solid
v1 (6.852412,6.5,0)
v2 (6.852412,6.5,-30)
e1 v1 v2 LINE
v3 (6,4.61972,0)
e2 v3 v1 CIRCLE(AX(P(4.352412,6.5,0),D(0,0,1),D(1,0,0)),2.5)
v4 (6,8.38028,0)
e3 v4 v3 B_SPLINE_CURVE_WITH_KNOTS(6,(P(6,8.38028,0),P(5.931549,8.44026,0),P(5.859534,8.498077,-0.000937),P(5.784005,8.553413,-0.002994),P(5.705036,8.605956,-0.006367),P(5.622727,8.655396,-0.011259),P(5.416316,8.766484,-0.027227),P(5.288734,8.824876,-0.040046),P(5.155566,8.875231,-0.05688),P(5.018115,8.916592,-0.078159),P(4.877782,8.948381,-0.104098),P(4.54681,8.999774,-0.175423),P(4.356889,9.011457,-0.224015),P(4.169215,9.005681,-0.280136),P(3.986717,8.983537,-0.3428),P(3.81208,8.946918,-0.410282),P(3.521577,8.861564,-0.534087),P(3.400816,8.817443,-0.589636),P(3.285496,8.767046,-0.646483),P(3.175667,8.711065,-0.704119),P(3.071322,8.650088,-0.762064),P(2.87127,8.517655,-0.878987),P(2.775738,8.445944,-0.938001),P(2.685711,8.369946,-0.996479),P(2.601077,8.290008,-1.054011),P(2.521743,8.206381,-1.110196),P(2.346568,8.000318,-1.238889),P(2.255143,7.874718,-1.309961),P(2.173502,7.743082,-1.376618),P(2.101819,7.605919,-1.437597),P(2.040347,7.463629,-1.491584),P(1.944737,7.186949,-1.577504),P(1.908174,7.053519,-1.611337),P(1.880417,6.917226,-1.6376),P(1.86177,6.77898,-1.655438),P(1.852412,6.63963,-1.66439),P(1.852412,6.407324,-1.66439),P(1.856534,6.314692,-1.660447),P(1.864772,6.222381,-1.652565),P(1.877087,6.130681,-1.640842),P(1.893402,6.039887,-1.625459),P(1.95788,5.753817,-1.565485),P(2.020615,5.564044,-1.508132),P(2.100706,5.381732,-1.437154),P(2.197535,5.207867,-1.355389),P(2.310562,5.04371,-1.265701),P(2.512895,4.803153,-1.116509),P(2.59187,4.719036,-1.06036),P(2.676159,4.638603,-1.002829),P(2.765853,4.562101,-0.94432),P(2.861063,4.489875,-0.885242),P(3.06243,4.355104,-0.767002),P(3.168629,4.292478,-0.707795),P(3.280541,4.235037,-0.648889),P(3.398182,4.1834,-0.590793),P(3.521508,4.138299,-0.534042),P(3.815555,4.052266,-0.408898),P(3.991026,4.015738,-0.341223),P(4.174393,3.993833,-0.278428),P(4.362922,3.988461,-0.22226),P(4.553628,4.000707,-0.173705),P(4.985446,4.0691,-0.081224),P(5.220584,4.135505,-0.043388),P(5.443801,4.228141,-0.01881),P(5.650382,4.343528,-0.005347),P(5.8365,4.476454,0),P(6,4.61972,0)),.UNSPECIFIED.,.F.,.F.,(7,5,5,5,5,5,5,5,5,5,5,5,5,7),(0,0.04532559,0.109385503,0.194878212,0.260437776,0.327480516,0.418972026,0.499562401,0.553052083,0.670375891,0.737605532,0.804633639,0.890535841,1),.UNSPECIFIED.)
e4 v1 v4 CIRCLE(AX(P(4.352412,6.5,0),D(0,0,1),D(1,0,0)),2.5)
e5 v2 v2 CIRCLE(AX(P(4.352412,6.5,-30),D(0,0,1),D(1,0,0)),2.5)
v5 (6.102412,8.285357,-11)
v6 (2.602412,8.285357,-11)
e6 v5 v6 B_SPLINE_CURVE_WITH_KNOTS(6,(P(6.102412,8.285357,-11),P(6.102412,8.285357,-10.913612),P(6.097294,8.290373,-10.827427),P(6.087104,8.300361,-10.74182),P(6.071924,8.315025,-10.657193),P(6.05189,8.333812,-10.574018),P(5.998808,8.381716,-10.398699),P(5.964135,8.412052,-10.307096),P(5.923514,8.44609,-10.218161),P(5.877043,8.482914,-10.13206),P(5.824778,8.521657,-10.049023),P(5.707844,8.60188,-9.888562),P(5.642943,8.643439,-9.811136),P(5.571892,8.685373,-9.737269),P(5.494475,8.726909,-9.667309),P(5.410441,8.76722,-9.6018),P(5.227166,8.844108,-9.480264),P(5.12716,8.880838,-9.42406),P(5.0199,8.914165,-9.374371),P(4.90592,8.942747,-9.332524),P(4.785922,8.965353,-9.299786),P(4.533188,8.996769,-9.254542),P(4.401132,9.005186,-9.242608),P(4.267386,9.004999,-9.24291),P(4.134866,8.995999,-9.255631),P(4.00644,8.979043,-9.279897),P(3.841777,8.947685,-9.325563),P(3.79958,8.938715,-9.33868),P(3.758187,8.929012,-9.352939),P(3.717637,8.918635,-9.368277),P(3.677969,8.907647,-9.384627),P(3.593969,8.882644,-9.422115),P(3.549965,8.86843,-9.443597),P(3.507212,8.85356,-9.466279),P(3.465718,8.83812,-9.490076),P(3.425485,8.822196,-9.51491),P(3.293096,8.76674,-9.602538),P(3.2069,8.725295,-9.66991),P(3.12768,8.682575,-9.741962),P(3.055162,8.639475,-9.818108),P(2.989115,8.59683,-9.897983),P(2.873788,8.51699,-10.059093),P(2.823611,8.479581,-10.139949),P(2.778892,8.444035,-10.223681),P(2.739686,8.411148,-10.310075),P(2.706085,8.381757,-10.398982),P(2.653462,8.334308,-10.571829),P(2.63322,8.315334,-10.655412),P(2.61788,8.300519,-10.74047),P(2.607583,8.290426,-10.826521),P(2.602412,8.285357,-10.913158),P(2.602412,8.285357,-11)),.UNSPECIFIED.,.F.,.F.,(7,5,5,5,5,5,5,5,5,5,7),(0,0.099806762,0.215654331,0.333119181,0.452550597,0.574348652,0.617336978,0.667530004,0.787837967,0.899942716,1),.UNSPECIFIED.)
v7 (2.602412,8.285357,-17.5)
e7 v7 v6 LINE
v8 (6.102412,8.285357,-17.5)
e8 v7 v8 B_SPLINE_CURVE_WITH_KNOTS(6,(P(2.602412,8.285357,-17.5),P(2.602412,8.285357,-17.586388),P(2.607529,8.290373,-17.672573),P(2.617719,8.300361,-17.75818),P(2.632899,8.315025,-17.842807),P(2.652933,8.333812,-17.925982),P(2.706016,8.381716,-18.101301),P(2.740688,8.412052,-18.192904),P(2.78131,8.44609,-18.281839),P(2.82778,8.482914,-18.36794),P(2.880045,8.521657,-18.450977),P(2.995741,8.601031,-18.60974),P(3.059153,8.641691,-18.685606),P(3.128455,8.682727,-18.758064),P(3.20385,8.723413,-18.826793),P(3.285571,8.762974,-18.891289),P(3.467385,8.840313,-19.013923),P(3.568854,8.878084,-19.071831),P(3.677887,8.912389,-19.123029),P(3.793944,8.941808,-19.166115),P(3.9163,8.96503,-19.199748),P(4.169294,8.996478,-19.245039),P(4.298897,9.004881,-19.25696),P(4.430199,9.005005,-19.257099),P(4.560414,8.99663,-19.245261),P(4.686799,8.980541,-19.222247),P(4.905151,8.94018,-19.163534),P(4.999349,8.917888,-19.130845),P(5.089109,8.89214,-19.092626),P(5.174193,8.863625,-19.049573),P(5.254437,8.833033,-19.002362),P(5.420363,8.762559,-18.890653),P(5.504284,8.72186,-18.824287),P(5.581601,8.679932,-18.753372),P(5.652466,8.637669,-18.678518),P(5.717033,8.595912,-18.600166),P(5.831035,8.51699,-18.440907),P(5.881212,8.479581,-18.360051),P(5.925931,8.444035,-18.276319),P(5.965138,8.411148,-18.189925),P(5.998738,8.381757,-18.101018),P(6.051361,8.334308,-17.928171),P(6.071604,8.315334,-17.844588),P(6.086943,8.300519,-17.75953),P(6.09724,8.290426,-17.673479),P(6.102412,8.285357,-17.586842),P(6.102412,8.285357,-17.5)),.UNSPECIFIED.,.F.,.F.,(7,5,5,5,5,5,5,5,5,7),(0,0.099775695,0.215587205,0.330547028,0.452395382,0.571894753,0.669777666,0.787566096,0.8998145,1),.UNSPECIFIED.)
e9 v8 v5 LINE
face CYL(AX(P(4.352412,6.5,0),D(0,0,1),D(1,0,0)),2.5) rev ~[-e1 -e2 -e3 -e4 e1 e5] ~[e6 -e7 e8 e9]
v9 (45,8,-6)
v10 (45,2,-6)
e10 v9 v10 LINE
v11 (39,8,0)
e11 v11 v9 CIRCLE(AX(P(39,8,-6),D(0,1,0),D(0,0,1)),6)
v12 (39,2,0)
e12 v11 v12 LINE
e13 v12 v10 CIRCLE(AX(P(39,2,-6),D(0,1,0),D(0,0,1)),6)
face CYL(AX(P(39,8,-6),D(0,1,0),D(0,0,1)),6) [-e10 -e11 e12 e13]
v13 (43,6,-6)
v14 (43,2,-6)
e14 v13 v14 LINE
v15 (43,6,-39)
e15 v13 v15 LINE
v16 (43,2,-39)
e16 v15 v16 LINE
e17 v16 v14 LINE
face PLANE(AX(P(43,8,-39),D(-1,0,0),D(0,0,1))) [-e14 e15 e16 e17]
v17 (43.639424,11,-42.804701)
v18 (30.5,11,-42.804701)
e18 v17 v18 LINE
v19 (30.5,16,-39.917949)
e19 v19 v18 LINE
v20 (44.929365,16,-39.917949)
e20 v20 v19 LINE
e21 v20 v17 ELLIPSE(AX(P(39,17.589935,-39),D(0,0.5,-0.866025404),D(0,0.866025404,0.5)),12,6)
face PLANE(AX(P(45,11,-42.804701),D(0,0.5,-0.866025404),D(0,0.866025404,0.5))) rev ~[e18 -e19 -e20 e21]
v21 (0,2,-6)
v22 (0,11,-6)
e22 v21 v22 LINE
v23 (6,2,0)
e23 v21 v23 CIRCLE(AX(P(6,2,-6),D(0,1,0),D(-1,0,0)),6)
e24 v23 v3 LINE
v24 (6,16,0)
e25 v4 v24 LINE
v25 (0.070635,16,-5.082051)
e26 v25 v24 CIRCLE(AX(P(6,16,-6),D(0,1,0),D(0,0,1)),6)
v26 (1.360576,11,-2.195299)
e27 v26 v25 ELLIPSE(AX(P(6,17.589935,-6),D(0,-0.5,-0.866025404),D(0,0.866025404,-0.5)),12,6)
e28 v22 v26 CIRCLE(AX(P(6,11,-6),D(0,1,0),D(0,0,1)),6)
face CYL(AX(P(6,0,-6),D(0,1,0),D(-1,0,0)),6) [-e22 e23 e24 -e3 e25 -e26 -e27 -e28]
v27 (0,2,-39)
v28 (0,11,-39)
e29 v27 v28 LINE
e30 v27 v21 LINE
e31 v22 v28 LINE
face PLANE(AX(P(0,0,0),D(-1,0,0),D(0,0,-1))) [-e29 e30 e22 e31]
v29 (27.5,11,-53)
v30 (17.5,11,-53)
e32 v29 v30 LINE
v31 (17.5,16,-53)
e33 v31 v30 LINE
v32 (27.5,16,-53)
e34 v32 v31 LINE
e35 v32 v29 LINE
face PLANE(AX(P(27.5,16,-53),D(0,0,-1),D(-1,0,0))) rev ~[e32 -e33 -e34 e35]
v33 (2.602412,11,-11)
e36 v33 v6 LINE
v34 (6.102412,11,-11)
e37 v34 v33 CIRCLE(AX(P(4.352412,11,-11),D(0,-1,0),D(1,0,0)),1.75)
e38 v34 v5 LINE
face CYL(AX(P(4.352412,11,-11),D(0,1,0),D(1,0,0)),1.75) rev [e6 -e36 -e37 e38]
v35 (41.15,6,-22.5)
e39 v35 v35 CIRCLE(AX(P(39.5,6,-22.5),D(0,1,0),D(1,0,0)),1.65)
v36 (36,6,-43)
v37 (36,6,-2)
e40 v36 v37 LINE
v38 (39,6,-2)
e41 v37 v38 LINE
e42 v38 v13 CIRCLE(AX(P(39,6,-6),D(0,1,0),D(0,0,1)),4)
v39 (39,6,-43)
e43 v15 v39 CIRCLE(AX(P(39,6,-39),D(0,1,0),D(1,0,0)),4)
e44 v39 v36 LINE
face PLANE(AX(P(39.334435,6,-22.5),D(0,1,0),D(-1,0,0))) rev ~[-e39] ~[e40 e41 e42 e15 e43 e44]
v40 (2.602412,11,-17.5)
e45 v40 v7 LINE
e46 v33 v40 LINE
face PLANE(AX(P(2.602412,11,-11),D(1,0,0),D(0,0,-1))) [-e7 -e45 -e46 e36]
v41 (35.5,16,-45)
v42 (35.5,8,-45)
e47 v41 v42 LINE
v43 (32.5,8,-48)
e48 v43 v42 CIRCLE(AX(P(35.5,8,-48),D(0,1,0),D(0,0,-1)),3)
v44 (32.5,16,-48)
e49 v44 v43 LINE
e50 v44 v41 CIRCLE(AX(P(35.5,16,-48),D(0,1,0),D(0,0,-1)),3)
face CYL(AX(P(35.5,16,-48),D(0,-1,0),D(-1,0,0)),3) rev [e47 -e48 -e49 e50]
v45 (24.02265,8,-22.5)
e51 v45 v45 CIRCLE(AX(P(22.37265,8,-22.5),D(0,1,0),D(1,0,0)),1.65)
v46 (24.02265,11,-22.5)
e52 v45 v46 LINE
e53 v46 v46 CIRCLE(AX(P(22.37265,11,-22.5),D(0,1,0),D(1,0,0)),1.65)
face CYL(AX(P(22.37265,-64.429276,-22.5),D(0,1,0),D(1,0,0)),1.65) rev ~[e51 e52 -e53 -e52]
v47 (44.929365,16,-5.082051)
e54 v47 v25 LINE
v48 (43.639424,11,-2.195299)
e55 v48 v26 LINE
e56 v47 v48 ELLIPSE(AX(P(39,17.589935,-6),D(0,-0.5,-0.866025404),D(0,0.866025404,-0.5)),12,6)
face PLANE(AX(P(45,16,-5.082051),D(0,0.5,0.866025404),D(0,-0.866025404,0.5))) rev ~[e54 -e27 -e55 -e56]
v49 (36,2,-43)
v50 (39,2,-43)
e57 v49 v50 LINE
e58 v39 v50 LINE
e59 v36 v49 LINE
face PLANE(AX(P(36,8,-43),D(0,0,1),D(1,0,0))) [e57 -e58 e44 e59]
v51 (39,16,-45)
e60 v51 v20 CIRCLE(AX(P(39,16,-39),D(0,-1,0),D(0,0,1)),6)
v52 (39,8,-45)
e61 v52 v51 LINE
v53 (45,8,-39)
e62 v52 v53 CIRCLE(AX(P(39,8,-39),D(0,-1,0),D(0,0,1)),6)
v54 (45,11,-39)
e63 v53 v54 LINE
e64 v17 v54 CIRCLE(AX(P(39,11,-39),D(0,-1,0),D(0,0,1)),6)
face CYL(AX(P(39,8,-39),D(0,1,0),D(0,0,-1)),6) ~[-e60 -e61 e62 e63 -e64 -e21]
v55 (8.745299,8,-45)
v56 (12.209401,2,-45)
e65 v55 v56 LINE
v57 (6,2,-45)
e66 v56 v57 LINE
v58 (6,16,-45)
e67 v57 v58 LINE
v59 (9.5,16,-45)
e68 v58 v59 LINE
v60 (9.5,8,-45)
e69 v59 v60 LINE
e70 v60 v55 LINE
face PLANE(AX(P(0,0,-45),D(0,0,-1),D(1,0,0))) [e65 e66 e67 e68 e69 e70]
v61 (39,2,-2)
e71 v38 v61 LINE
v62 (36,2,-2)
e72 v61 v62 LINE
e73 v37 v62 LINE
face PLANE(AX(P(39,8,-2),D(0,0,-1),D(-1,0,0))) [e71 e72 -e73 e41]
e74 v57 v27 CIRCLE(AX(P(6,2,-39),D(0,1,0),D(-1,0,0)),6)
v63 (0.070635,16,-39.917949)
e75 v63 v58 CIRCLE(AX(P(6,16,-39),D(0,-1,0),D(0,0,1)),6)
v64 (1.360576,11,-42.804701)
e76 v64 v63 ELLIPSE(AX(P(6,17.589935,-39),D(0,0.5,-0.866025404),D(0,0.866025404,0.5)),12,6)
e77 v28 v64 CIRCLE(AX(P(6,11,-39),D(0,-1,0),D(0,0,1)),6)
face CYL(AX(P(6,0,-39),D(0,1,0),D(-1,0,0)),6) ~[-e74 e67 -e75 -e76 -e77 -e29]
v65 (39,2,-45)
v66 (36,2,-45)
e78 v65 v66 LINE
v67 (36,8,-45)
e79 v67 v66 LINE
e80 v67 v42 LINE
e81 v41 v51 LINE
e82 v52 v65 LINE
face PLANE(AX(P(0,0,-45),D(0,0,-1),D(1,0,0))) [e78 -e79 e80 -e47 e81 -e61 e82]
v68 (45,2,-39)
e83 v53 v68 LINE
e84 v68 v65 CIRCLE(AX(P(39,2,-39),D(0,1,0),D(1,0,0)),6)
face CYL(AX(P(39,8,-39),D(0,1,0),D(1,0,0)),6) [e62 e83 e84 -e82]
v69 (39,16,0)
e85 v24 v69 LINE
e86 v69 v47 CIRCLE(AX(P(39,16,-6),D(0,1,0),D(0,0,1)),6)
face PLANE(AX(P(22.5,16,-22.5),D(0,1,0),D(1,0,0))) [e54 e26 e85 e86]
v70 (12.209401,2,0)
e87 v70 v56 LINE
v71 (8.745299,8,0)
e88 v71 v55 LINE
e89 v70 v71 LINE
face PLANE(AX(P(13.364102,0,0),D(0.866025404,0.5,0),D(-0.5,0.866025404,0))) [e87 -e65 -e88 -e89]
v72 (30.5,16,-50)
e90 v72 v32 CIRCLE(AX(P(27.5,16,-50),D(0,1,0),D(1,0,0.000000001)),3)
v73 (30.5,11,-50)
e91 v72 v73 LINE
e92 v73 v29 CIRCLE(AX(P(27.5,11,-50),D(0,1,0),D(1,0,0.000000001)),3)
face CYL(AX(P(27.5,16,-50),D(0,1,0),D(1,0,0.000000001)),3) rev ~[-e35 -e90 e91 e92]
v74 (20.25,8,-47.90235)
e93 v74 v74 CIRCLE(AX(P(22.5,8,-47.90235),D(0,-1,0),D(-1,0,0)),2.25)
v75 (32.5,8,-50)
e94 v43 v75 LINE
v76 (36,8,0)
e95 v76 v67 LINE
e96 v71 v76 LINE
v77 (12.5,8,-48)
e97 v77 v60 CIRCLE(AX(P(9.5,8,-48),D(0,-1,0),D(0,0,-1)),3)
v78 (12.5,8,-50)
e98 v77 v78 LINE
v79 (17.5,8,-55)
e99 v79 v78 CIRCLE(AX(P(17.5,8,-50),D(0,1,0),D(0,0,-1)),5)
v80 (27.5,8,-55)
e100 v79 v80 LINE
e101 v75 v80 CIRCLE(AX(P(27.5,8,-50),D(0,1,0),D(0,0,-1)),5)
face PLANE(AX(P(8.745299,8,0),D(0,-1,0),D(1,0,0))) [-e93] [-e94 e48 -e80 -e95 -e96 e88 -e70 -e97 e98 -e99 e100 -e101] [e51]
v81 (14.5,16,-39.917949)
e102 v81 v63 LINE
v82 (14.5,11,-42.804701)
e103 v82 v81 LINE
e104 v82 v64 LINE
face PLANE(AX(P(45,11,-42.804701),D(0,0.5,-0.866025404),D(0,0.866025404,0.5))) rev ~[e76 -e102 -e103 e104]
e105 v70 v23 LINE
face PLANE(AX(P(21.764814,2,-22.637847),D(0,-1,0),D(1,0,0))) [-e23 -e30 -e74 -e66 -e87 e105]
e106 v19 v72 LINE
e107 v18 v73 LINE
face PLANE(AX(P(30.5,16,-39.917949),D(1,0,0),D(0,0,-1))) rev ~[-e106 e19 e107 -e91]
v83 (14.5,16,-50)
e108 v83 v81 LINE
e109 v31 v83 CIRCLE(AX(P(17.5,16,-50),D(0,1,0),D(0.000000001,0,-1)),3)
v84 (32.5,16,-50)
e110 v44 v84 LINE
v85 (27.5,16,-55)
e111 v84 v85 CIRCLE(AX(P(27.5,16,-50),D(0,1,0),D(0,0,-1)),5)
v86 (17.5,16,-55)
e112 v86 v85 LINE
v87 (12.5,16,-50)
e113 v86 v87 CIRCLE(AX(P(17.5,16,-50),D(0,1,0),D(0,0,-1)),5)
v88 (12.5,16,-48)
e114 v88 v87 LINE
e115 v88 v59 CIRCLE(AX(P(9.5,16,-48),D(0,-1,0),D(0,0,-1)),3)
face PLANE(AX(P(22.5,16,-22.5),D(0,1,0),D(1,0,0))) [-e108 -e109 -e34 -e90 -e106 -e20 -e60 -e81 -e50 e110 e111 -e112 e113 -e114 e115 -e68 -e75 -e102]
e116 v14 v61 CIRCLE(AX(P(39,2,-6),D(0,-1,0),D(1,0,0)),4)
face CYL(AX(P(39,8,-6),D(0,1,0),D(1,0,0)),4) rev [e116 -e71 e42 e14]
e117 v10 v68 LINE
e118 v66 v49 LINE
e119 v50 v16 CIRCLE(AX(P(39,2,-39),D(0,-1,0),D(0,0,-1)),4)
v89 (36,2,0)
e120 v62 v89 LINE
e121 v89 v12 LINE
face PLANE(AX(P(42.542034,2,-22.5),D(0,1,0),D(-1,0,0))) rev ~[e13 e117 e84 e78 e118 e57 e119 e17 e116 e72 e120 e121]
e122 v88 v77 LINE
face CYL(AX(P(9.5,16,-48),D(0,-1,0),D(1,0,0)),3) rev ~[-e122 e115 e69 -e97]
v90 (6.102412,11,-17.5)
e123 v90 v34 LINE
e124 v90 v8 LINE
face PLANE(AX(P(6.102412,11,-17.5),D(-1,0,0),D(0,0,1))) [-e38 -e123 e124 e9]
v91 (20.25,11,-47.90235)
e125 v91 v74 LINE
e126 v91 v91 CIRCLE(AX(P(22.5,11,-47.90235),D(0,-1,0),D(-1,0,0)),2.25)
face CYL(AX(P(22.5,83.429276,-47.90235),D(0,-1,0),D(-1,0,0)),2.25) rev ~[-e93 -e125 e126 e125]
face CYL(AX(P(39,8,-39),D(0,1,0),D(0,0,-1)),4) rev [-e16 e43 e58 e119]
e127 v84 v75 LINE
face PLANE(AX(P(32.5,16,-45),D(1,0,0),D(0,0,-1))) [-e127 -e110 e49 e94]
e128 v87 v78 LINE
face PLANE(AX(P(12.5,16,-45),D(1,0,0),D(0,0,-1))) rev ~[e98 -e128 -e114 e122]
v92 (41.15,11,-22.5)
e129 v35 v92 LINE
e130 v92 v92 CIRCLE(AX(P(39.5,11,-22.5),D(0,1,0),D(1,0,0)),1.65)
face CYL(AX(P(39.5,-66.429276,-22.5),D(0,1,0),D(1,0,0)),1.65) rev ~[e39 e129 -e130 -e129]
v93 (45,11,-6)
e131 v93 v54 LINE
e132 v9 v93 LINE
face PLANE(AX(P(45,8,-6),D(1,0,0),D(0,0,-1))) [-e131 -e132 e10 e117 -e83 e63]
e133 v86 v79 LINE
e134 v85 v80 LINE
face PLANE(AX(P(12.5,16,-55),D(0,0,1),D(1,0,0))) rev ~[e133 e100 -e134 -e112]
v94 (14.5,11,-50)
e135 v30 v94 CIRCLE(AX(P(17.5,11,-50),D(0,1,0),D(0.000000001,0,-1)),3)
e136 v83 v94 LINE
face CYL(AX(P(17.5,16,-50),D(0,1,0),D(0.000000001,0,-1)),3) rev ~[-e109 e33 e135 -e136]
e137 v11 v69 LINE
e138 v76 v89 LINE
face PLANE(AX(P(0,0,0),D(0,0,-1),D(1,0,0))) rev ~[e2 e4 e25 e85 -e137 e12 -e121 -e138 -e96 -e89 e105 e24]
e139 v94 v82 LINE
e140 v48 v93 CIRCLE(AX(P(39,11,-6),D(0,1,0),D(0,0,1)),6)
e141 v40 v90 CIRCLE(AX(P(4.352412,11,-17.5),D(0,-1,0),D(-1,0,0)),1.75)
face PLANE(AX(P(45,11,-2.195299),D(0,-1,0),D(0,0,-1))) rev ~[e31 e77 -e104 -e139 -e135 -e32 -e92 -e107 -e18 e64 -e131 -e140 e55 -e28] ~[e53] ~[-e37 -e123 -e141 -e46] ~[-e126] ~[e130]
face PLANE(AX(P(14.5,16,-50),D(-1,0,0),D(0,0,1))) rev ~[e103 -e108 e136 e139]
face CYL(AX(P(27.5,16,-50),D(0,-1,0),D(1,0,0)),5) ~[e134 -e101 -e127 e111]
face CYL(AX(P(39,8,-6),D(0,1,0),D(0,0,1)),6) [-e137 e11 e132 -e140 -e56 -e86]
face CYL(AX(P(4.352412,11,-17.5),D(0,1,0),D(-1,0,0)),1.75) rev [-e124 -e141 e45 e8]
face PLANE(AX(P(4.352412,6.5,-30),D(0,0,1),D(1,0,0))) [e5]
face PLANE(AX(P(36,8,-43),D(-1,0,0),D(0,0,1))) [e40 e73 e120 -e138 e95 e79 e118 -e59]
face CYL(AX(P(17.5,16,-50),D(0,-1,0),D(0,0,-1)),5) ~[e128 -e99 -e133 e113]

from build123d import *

# Parameters (mm, degrees)
SKETCH_1_W               = 45
SKETCH_1_H               = 45
EXTRUDE_1_DEPTH          = 16
CUT_EXTRUDE_1_DEPTH      = 66.620118866
SKETCH_3_W               = 13.364101615
SKETCH_3_H               = 45
CUT_EXTRUDE_2_DEPTH      = 8
CUT_EXTRUDE_3_REACH      = 67.62
FILLET_1_R               = 6
F_2MM_W                  = 50.544050544
F_2MM_H                  = 52.749609113
CUT_EXTRUDE_4_DEPTH      = 2
EXTRUDE_2_DEPTH          = 6
SKETCH_6_R               = 2.5
CUT_EXTRUDE_5_DEPTH      = 30
EXTRUDE_3_DEPTH          = 2
SKETCH_9_W               = 20
SKETCH_9_H               = 10
EXTRUDE_4_DEPTH          = 8
FILLET_2_R               = 5
CUT_EXTRUDE_6_DEPTH      = 5
FILLET_3_R               = 3
HOLE_WIZARD_M41_D        = 4.5
M4X0_71_D                = 3.3
CUT_EXTRUDE_7_REACH      = 73.631
CUT_EXTRUDE_7_END_RADIUS = 2.5
M4X0_72_D                = 3.3


with BuildPart() as part:
    # Эскиз1 → Бобышка-Вытянуть1 (new body)
    with BuildSketch(Plane(origin=(0, 0, 0), x_dir=(1, 0, 0), z_dir=(0, 1, 0))):
        with Locations((22.5, 22.5)):
            Rectangle(SKETCH_1_W, SKETCH_1_H)
    extrude(amount=EXTRUDE_1_DEPTH)

    # Эскиз2 → Вырез-Вытянуть1 (cut, through all)
    with BuildSketch(Plane.XY):
        Polygon((8.745299462, 8), (36.254700538, 8), (31.635898385, 0), (13.364101615, 0), align=None)
    extrude(amount=-CUT_EXTRUDE_1_DEPTH, mode=Mode.SUBTRACT)

    # Эскиз3 → Вырез-Вытянуть2 (cut)
    with BuildSketch(Plane.XZ):
        with Locations((38.317949193, -22.5)):
            Rectangle(SKETCH_3_W, SKETCH_3_H)
    extrude(amount=-CUT_EXTRUDE_2_DEPTH, mode=Mode.SUBTRACT)

    # Эскиз4 → Вырез-Вытянуть3 (cut, up to next)
    with BuildSketch(Plane(origin=(45, 0, 0), x_dir=(0, 0, -1), z_dir=(1, 0, 0)), mode=Mode.PRIVATE) as cut_extrude_3_sk1:
        Polygon((5.082050808, 16), (2.195299462, 11), (42.804700538, 11), (39.917949192, 16), align=None)
    cut_extrude_3_tool1 = extrude(cut_extrude_3_sk1.sketch, amount=-CUT_EXTRUDE_3_REACH, mode=Mode.PRIVATE) & part.part
    add(cut_extrude_3_tool1.solids().sort_by_distance((45, 13.436229, -22.5))[0], mode=Mode.SUBTRACT)

    # Скругление1
    fillet_1_edges = [part.edges().sort_by_distance(p)[0] for p in [
        (0, 8, -45),
        (45, 12, -45),
        (45, 12, 0),
        (0, 8, 0),
    ]]
    fillet(fillet_1_edges, radius=FILLET_1_R)

    # -2mm → Вырез-Вытянуть4 (cut)
    with BuildSketch(Plane.XZ):
        with Locations((21.76481381, -22.637847411)):
            Rectangle(F_2MM_W, F_2MM_H)
    extrude(amount=-CUT_EXTRUDE_4_DEPTH, mode=Mode.SUBTRACT)

    # Эскиз7 → Бобышка-Вытянуть2 (add)
    with BuildSketch(Plane.XZ.offset(-8)):
        with BuildLine():
            Line((43, -39), (43, -6))
            ThreePointArc((43, -6), (41.828427125, -3.171572875), (39, -2))
            Line((39, -2), (36, -2))
            Line((36, -2), (36, 0))
            Line((36, 0), (39, 0))
            ThreePointArc((39, 0), (43.242640687, -1.757359313), (45, -6))
            Line((45, -6), (45, -39))
            ThreePointArc((45, -39), (43.242640687, -43.242640687), (39, -45))
            Line((39, -45), (36, -45))
            Line((36, -45), (36, -43))
            Line((36, -43), (39, -43))
            ThreePointArc((39, -43), (41.828427125, -41.828427125), (43, -39))
        make_face()
    extrude(amount=EXTRUDE_2_DEPTH)

    # Эскиз6 → Вырез-Вытянуть5 (cut)
    with BuildSketch(Plane.XY):
        with Locations((4.352411604, 6.5)):
            Circle(SKETCH_6_R)
    extrude(amount=-CUT_EXTRUDE_5_DEPTH, mode=Mode.SUBTRACT)

    # Эскиз8 → Бобышка-Вытянуть3 (add)
    with BuildSketch(Plane.XZ.offset(-8)):
        with BuildLine():
            Line((36, -2), (39, -2))
            ThreePointArc((39, -2), (41.828427125, -3.171572875), (43, -6))
            Line((43, -6), (43, -39))
            ThreePointArc((43, -39), (41.828427125, -41.828427125), (39, -43))
            Line((39, -43), (36, -43))
            Line((36, -43), (36, -2))
        make_face()
    extrude(amount=EXTRUDE_3_DEPTH)

    # Эскиз9 → Бобышка-Вытянуть4 (add)
    with BuildSketch(Plane(origin=(0, 16, 0), x_dir=(1, 0, 0), z_dir=(0, 1, 0))):
        with Locations((22.5, 50)):
            Rectangle(SKETCH_9_W, SKETCH_9_H)
    extrude(amount=-EXTRUDE_4_DEPTH)

    # Скругление2
    fillet_2_edges = [part.edges().sort_by_distance(p)[0] for p in [
        (32.5, 12, -55),
        (12.5, 12, -55),
    ]]
    fillet(fillet_2_edges, radius=FILLET_2_R)

    # Эскиз10 → Вырез-Вытянуть6 (cut)
    with BuildSketch(Plane(origin=(0, 16, 0), x_dir=(1, 0, 0), z_dir=(0, 1, 0))):
        with BuildLine():
            Line((14.5, 50), (14.5, 39.917949192))
            Line((14.5, 39.917949192), (30.5, 39.917949192))
            Line((30.5, 39.917949192), (30.5, 50))
            ThreePointArc((30.5, 50), (29.621320344, 52.121320344), (27.5, 53))
            Line((27.5, 53), (17.5, 53))
            ThreePointArc((17.5, 53), (15.378679656, 52.121320344), (14.5, 50))
        make_face()
    extrude(amount=-CUT_EXTRUDE_6_DEPTH, mode=Mode.SUBTRACT)

    # Скругление3
    fillet_3_edges = [part.edges().sort_by_distance(p)[0] for p in [
        (32.5, 12, -45),
        (12.5, 12, -45),
    ]]
    fillet(fillet_3_edges, radius=FILLET_3_R)

    # Отверстие с зазором M41 (through all)
    with Locations(Plane(origin=(0, 11, 0), x_dir=(1, 0, 0), z_dir=(0, 1, 0))):
        with Locations((22.5, 47.902350269)):
            Hole(HOLE_WIZARD_M41_D / 2)

    # Отверстие обработанное метчиком M4x0.71 (through all)
    with Locations(Plane(origin=(0, 6, 0), x_dir=(-1, 0, 0), z_dir=(0, -1, 0))):
        with Locations((-39.5, 22.5)):
            Hole(M4X0_71_D / 2)

    # Вырез-Вытянуть7: up to this cylinder (the profile starts outside it)
    cut_extrude_7_end = Plane(origin=(4.352411604, 6.5, -14.25), z_dir=(0, 0, 1)) * Cylinder(CUT_EXTRUDE_7_END_RADIUS, 153.262, mode=Mode.PRIVATE)
    # Эскиз17 → Вырез-Вытянуть7 (cut, up to the surface)
    with BuildSketch(Plane(origin=(0, 11, 0), x_dir=(1, 0, 0), z_dir=(0, 1, 0)), mode=Mode.PRIVATE) as cut_extrude_7_sk1:
        with BuildLine():
            Line((6.102411604, 17.5), (6.102411604, 11))
            ThreePointArc((6.102411604, 11), (4.352411604, 9.25), (2.602411604, 11))
            Line((2.602411604, 11), (2.602411604, 17.5))
            ThreePointArc((2.602411604, 17.5), (4.352411604, 19.25), (6.102411604, 17.5))
        make_face()
    cut_extrude_7_tool1 = extrude(cut_extrude_7_sk1.sketch, amount=-CUT_EXTRUDE_7_REACH, mode=Mode.PRIVATE) - cut_extrude_7_end
    add(cut_extrude_7_tool1.solids().sort_by_distance((4.352412, 11, -14.25))[0], mode=Mode.SUBTRACT)

    # Отверстие обработанное метчиком M4x0.72 (through all)
    with Locations(Plane(origin=(0, 8, 0), x_dir=(-1, 0, 0), z_dir=(0, -1, 0))):
        with Locations((-22.372649731, 22.5)):
            Hole(M4X0_72_D / 2)


solid = part.part
